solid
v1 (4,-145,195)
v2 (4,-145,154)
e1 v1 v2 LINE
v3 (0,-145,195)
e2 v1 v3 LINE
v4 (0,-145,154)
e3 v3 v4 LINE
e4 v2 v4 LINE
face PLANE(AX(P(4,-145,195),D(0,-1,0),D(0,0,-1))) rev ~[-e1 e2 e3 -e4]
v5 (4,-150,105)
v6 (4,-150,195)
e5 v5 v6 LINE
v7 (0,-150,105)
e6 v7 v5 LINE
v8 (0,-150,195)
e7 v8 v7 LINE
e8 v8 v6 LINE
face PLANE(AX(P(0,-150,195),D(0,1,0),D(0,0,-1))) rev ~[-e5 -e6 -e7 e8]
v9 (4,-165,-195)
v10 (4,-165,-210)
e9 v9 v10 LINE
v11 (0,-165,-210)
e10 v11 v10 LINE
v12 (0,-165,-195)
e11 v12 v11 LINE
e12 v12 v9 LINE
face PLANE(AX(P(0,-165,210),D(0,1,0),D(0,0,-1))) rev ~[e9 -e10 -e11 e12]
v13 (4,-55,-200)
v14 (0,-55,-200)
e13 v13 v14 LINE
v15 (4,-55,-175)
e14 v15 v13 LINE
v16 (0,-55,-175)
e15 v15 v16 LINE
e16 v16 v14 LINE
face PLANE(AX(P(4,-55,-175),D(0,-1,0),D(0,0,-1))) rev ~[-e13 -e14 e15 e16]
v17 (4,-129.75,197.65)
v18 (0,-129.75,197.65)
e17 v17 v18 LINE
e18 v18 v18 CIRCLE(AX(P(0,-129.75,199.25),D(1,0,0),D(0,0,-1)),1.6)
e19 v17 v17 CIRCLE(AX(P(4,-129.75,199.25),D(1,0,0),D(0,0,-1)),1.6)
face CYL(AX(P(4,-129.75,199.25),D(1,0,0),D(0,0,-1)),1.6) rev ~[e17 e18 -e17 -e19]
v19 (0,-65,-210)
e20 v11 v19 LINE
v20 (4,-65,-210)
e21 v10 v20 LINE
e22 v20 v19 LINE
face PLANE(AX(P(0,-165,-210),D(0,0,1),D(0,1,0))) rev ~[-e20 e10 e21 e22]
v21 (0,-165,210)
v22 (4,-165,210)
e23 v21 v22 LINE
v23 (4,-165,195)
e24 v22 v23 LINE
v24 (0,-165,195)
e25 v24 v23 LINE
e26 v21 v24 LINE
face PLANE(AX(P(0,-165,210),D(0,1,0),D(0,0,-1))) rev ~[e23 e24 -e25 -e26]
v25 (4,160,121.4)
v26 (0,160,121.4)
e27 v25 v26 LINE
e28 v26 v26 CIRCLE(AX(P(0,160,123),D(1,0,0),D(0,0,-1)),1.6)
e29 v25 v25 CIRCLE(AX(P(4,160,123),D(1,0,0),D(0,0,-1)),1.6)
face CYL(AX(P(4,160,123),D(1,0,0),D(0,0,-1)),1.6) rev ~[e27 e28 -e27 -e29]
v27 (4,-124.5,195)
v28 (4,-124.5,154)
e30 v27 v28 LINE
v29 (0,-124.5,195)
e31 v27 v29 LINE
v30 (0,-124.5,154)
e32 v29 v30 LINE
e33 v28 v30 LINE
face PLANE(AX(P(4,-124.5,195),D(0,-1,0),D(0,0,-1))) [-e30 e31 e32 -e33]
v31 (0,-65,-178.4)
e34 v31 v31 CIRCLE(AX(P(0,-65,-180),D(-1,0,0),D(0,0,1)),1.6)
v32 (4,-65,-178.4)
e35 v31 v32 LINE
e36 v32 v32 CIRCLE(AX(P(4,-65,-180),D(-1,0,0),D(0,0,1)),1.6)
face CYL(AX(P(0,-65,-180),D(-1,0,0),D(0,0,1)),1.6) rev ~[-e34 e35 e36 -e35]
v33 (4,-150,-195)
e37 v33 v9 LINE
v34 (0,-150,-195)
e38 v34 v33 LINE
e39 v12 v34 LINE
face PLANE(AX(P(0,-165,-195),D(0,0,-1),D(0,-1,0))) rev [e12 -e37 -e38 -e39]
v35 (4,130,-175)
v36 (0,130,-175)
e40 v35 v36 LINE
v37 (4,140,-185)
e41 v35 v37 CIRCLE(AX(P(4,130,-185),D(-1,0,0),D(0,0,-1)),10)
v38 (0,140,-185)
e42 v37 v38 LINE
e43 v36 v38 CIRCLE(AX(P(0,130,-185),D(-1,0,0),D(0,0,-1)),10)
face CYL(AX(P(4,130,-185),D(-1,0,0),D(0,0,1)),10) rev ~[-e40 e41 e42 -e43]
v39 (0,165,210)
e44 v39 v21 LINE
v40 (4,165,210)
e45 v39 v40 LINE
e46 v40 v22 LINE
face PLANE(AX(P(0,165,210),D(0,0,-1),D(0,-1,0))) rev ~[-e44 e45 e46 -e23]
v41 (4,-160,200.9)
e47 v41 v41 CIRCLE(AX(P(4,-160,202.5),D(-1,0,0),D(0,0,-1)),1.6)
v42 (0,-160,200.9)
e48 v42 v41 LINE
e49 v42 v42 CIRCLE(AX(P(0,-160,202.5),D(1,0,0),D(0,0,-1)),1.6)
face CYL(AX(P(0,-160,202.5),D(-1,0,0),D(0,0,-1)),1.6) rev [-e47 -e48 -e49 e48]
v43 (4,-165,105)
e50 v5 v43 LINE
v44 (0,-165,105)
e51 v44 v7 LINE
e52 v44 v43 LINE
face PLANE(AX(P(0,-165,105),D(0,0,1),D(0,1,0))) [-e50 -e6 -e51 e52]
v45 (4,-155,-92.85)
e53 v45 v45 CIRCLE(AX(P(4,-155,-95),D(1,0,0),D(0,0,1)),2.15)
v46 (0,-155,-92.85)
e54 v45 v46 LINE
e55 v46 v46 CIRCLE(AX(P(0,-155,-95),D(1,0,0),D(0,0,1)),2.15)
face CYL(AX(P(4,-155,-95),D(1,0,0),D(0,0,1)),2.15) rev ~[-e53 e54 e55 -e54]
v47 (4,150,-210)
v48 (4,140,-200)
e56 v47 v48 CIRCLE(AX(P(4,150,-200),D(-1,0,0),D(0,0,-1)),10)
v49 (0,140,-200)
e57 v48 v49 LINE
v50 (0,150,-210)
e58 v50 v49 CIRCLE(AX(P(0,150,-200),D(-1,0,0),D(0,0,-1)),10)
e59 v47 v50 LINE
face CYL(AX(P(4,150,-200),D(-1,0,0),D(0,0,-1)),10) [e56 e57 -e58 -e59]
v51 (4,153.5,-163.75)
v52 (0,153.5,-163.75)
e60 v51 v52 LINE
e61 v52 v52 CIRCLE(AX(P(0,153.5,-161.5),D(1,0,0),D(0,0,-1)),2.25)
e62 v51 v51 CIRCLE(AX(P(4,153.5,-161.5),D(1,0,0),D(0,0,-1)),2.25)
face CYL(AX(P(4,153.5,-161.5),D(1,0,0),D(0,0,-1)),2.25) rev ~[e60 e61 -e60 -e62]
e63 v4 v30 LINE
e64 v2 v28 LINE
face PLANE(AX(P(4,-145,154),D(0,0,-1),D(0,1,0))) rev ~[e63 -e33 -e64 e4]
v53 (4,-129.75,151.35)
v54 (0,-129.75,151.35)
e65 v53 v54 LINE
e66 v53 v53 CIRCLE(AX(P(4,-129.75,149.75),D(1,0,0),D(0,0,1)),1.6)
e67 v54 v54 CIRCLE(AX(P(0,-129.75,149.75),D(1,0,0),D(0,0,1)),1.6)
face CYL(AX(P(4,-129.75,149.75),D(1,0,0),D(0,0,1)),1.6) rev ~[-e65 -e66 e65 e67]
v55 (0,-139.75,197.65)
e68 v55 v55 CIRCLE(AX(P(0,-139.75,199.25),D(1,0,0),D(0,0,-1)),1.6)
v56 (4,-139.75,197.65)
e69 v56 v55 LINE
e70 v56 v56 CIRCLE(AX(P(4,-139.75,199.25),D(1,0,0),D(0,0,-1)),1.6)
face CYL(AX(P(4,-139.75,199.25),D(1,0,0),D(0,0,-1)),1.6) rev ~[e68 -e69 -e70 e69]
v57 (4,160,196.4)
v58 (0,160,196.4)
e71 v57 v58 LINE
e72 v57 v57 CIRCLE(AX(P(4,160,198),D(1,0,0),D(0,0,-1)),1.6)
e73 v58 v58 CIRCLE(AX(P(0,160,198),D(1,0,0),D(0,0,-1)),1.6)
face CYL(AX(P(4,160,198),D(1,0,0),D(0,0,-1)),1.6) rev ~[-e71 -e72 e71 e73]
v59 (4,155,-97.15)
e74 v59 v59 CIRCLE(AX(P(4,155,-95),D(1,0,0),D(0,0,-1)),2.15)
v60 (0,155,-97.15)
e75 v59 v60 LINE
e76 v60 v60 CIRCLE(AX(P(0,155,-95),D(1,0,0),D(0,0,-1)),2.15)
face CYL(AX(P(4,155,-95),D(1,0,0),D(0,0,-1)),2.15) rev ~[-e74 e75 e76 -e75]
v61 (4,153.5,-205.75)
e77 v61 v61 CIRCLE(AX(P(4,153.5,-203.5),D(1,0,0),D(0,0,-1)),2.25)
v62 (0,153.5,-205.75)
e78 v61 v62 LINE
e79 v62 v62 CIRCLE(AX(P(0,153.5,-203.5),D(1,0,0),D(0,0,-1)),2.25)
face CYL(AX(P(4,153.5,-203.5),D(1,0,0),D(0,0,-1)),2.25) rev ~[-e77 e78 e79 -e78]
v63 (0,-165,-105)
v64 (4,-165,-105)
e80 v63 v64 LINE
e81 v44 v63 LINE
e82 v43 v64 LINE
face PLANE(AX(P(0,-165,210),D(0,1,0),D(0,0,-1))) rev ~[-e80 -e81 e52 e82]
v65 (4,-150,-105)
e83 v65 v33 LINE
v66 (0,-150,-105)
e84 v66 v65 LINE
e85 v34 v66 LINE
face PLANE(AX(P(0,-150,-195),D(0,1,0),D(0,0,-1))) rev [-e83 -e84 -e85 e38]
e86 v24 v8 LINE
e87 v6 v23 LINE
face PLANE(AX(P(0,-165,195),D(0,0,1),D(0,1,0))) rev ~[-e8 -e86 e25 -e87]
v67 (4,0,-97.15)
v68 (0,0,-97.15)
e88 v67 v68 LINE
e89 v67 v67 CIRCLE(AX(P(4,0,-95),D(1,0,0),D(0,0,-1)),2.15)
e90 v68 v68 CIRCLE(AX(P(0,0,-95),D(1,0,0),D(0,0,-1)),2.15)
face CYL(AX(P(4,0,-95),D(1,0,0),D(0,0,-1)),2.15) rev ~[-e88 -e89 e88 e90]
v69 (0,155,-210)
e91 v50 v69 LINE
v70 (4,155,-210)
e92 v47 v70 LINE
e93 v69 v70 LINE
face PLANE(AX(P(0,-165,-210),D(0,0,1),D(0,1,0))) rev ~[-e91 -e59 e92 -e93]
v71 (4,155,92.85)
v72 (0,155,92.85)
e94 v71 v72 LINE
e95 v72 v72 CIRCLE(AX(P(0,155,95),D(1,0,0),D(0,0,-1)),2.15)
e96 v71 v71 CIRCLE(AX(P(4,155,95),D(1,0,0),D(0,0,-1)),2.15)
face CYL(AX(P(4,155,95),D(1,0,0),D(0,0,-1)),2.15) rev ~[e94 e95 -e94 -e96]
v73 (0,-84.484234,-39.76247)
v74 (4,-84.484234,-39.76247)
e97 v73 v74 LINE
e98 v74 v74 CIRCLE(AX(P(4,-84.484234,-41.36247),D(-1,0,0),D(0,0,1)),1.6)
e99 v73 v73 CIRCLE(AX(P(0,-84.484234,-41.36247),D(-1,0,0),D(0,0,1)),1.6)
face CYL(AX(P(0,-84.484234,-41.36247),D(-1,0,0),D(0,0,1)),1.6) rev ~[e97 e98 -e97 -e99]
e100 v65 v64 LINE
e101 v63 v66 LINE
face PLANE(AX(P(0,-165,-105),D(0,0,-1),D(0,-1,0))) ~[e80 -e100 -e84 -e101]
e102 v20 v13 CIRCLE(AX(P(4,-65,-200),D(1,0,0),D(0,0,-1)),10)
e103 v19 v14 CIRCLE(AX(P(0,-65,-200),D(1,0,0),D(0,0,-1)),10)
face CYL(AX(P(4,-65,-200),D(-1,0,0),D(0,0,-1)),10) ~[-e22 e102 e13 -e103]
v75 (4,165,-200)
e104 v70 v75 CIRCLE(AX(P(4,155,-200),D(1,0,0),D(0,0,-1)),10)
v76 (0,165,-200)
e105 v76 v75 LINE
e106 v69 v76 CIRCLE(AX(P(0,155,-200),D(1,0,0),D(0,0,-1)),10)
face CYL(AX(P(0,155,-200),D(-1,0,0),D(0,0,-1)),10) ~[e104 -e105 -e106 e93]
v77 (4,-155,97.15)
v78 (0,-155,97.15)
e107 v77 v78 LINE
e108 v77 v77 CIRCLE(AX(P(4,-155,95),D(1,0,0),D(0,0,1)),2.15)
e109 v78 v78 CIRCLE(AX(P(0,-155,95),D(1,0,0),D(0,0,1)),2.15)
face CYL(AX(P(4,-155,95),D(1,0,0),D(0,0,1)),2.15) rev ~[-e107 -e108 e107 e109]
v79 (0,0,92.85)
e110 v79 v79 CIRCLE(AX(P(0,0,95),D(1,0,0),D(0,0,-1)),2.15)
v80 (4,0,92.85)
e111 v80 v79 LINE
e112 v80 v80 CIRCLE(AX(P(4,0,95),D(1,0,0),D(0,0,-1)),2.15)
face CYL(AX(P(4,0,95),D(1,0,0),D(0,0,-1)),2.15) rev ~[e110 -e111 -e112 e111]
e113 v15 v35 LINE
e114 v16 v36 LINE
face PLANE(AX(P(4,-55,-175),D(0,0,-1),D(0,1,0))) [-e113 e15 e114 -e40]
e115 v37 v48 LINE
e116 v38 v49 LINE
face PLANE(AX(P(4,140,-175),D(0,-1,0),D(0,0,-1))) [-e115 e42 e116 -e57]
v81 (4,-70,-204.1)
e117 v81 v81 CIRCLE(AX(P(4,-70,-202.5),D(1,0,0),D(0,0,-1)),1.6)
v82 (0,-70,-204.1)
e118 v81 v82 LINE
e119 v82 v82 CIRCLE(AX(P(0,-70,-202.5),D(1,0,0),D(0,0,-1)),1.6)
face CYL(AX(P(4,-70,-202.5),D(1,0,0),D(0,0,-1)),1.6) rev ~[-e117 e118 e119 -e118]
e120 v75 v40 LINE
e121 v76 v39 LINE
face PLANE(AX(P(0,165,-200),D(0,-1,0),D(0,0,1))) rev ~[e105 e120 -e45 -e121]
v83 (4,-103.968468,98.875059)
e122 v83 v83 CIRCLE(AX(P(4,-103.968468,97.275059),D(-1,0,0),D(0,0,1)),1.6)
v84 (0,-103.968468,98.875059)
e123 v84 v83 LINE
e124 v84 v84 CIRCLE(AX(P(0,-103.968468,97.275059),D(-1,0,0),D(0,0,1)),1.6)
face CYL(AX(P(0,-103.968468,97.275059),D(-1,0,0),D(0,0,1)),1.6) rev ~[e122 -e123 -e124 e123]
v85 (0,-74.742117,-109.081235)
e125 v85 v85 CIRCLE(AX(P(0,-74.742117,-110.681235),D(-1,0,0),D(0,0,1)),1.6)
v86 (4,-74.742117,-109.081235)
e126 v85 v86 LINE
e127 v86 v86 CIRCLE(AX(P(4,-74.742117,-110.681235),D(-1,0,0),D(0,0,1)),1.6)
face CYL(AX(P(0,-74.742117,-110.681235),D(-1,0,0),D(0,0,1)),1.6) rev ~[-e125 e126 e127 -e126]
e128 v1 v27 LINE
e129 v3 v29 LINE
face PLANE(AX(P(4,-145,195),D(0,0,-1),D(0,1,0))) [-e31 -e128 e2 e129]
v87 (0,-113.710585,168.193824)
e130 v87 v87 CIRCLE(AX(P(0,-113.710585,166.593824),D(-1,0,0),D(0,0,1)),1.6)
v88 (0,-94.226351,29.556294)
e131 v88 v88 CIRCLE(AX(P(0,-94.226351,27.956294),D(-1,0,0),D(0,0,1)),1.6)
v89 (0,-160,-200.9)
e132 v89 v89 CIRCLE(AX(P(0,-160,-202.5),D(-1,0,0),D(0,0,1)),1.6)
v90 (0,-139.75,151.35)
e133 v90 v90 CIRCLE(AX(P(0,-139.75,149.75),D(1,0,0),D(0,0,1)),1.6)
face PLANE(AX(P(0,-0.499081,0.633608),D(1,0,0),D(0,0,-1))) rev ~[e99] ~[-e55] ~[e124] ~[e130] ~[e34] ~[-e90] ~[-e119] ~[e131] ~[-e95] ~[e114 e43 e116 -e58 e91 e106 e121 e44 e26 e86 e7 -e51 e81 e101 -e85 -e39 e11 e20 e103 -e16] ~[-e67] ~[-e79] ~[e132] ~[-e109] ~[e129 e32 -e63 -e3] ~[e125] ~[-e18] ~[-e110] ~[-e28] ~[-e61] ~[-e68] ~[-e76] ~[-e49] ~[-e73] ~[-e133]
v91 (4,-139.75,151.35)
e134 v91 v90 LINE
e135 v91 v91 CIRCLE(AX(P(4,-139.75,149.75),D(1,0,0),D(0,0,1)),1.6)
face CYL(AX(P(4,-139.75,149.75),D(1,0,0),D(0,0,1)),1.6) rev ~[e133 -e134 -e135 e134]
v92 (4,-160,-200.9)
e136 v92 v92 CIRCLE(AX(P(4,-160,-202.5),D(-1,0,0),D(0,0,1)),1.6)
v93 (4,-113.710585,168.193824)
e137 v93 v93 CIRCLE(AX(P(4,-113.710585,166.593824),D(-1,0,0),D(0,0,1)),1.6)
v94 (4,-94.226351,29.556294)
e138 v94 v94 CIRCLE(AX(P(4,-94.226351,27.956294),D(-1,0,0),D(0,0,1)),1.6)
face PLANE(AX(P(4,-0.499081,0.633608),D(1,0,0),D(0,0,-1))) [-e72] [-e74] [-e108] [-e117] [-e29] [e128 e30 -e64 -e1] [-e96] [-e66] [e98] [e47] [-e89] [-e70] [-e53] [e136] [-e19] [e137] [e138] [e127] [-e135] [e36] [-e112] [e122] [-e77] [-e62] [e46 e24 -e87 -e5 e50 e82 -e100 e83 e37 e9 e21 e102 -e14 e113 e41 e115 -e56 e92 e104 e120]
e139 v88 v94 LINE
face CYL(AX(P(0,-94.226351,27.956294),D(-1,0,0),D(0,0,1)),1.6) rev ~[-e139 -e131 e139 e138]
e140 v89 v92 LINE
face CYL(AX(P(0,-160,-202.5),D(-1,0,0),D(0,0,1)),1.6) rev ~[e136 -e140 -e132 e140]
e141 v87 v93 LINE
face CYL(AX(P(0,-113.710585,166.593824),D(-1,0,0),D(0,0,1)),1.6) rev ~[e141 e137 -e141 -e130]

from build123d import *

# Parameters (mm, degrees)
EXTRUDE_1_DEPTH      = 4
SKETCH_2_R           = 1.6
SKETCH_2_W           = 90
SKETCH_2_H           = 15
CUT_EXTRUDE_1_DEPTH  = 268.097360526
SKETCH_3_R           = 2.15
CUT_EXTRUDE_3_DEPTH  = 5
SKETCH_4_R           = 2.25
CUT_EXTRUDE_5_DEPTH  = 5
SKETCH_5_W           = 35
SKETCH_5_H           = 195
CUT_EXTRUDE_6_DEPTH  = 5
SKETCH_8_R           = 1.6
CUT_EXTRUDE_8_DEPTH  = 5
SKETCH_9_R           = 1.6
CUT_EXTRUDE_9_DEPTH  = 5
SKETCH_10_R          = 1.6
SKETCH_10_W          = 41
SKETCH_10_H          = 20.5
CUT_EXTRUDE_10_DEPTH = 5
FILLET_1_R           = 10
SKETCH_11_R          = 1.6
CUT_EXTRUDE_11_DEPTH = 10


with BuildPart() as part:
    # 草图1 → 凸台-拉伸1 (new body)
    with BuildSketch(Plane(origin=(0, 0, 0), x_dir=(0, 0, -1), z_dir=(1, 0, 0))):
        with BuildLine():
            Line((200, 165), (-210, 165))
            Line((-210, 165), (-210, -165))
            Line((-210, -165), (210, -165))
            Line((210, -165), (210, 155))
            ThreePointArc((210, 155), (207.071067812, 162.071067812), (200, 165))
        make_face()
    extrude(amount=EXTRUDE_1_DEPTH)

    # 草图2 → 切除-拉伸1 (cut, through all)
    with BuildSketch(Plane(origin=(0, 0, 0), x_dir=(0, 0, -1), z_dir=(1, 0, 0))):
        with Locations((-202.5, -160)):
            Circle(SKETCH_2_R)
        with Locations((-150, -157.5)):
            Rectangle(SKETCH_2_W, SKETCH_2_H)
    cut_extrude_1 = extrude(amount=CUT_EXTRUDE_1_DEPTH, mode=Mode.SUBTRACT)

    # 镜向1: 切除-拉伸1 across plane
    add(cut_extrude_1.mirror(Plane.XY), mode=Mode.SUBTRACT)

    # 草图3 → 切除-拉伸3 (cut)
    with BuildSketch(Plane(origin=(4, 0, 0), x_dir=(0, 0, -1), z_dir=(1, 0, 0))):
        with Locations((95, 155)):
            Circle(SKETCH_3_R)
        with Locations((-95, 155)):
            Circle(SKETCH_3_R)
        with Locations(Location((95, -155, 0), (0, 0, 180))):
            Circle(SKETCH_3_R)
        with Locations(Location((-95, -155, 0), (0, 0, 180))):
            Circle(SKETCH_3_R)
        with Locations((-95, 0)):
            Circle(SKETCH_3_R)
        with Locations((95, 0)):
            Circle(SKETCH_3_R)
    extrude(amount=-CUT_EXTRUDE_3_DEPTH, mode=Mode.SUBTRACT)

    # 草图4 → 切除-拉伸5 (cut)
    with BuildSketch(Plane(origin=(4, 0, 0), x_dir=(0, 0, -1), z_dir=(1, 0, 0))):
        with Locations((203.5, 153.5)):
            Circle(SKETCH_4_R)
        with Locations((161.5, 153.5)):
            Circle(SKETCH_4_R)
    extrude(amount=-CUT_EXTRUDE_5_DEPTH, mode=Mode.SUBTRACT)

    # 草图5 → 切除-拉伸6 (cut)
    with BuildSketch(Plane(origin=(4, 0, 0), x_dir=(0, 0, -1), z_dir=(1, 0, 0))):
        with Locations((192.5, 42.5)):
            Rectangle(SKETCH_5_W, SKETCH_5_H)
    extrude(amount=-CUT_EXTRUDE_6_DEPTH, mode=Mode.SUBTRACT)

    # 草图8 → 切除-拉伸8 (cut)
    with BuildSketch(Plane.ZY):
        with Locations((-180, -65)):
            Circle(SKETCH_8_R)
        with Locations((-110.681235188, -74.742117067)):
            Circle(SKETCH_8_R)
        with Locations((-41.362470376, -84.484234134)):
            Circle(SKETCH_8_R)
        with Locations((27.956294436, -94.226351202)):
            Circle(SKETCH_8_R)
        with Locations((97.275059248, -103.968468269)):
            Circle(SKETCH_8_R)
        with Locations((166.59382406, -113.710585336)):
            Circle(SKETCH_8_R)
    extrude(amount=-CUT_EXTRUDE_8_DEPTH, mode=Mode.SUBTRACT)

    # 草图9 → 切除-拉伸9 (cut)
    with BuildSketch(Plane(origin=(4, 0, 0), x_dir=(0, 0, -1), z_dir=(1, 0, 0))):
        with Locations((-198, 160)):
            Circle(SKETCH_9_R)
        with Locations((-123, 160)):
            Circle(SKETCH_9_R)
    extrude(amount=-CUT_EXTRUDE_9_DEPTH, mode=Mode.SUBTRACT)

    # 草图10 → 切除-拉伸10 (cut)
    with BuildSketch(Plane(origin=(4, 0, 0), x_dir=(0, 0, -1), z_dir=(1, 0, 0))):
        with Locations((-199.25, -129.75)):
            Circle(SKETCH_10_R)
        with Locations((-199.25, -139.75)):
            Circle(SKETCH_10_R)
        with Locations(Location((-149.75, -139.75, 0), (0, 0, 180))):
            Circle(SKETCH_10_R)
        with Locations(Location((-149.75, -129.75, 0), (0, 0, 180))):
            Circle(SKETCH_10_R)
        with Locations((-174.5, -134.75)):
            Rectangle(SKETCH_10_W, SKETCH_10_H)
    extrude(amount=-CUT_EXTRUDE_10_DEPTH, mode=Mode.SUBTRACT)

    # 圆角1
    fillet_1_edges = [part.edges().sort_by_distance(p)[0] for p in [
        (2, -55, -210),
        (2, 140, -175),
        (2, 140, -210),
    ]]
    fillet(fillet_1_edges, radius=FILLET_1_R)

    # 草图11 → 切除-拉伸11 (cut)
    with BuildSketch(Plane(origin=(4, 0, 0), x_dir=(0, 0, -1), z_dir=(1, 0, 0))):
        with Locations((202.5, -70)):
            Circle(SKETCH_11_R)
    extrude(amount=-CUT_EXTRUDE_11_DEPTH, mode=Mode.SUBTRACT)


solid = part.part
